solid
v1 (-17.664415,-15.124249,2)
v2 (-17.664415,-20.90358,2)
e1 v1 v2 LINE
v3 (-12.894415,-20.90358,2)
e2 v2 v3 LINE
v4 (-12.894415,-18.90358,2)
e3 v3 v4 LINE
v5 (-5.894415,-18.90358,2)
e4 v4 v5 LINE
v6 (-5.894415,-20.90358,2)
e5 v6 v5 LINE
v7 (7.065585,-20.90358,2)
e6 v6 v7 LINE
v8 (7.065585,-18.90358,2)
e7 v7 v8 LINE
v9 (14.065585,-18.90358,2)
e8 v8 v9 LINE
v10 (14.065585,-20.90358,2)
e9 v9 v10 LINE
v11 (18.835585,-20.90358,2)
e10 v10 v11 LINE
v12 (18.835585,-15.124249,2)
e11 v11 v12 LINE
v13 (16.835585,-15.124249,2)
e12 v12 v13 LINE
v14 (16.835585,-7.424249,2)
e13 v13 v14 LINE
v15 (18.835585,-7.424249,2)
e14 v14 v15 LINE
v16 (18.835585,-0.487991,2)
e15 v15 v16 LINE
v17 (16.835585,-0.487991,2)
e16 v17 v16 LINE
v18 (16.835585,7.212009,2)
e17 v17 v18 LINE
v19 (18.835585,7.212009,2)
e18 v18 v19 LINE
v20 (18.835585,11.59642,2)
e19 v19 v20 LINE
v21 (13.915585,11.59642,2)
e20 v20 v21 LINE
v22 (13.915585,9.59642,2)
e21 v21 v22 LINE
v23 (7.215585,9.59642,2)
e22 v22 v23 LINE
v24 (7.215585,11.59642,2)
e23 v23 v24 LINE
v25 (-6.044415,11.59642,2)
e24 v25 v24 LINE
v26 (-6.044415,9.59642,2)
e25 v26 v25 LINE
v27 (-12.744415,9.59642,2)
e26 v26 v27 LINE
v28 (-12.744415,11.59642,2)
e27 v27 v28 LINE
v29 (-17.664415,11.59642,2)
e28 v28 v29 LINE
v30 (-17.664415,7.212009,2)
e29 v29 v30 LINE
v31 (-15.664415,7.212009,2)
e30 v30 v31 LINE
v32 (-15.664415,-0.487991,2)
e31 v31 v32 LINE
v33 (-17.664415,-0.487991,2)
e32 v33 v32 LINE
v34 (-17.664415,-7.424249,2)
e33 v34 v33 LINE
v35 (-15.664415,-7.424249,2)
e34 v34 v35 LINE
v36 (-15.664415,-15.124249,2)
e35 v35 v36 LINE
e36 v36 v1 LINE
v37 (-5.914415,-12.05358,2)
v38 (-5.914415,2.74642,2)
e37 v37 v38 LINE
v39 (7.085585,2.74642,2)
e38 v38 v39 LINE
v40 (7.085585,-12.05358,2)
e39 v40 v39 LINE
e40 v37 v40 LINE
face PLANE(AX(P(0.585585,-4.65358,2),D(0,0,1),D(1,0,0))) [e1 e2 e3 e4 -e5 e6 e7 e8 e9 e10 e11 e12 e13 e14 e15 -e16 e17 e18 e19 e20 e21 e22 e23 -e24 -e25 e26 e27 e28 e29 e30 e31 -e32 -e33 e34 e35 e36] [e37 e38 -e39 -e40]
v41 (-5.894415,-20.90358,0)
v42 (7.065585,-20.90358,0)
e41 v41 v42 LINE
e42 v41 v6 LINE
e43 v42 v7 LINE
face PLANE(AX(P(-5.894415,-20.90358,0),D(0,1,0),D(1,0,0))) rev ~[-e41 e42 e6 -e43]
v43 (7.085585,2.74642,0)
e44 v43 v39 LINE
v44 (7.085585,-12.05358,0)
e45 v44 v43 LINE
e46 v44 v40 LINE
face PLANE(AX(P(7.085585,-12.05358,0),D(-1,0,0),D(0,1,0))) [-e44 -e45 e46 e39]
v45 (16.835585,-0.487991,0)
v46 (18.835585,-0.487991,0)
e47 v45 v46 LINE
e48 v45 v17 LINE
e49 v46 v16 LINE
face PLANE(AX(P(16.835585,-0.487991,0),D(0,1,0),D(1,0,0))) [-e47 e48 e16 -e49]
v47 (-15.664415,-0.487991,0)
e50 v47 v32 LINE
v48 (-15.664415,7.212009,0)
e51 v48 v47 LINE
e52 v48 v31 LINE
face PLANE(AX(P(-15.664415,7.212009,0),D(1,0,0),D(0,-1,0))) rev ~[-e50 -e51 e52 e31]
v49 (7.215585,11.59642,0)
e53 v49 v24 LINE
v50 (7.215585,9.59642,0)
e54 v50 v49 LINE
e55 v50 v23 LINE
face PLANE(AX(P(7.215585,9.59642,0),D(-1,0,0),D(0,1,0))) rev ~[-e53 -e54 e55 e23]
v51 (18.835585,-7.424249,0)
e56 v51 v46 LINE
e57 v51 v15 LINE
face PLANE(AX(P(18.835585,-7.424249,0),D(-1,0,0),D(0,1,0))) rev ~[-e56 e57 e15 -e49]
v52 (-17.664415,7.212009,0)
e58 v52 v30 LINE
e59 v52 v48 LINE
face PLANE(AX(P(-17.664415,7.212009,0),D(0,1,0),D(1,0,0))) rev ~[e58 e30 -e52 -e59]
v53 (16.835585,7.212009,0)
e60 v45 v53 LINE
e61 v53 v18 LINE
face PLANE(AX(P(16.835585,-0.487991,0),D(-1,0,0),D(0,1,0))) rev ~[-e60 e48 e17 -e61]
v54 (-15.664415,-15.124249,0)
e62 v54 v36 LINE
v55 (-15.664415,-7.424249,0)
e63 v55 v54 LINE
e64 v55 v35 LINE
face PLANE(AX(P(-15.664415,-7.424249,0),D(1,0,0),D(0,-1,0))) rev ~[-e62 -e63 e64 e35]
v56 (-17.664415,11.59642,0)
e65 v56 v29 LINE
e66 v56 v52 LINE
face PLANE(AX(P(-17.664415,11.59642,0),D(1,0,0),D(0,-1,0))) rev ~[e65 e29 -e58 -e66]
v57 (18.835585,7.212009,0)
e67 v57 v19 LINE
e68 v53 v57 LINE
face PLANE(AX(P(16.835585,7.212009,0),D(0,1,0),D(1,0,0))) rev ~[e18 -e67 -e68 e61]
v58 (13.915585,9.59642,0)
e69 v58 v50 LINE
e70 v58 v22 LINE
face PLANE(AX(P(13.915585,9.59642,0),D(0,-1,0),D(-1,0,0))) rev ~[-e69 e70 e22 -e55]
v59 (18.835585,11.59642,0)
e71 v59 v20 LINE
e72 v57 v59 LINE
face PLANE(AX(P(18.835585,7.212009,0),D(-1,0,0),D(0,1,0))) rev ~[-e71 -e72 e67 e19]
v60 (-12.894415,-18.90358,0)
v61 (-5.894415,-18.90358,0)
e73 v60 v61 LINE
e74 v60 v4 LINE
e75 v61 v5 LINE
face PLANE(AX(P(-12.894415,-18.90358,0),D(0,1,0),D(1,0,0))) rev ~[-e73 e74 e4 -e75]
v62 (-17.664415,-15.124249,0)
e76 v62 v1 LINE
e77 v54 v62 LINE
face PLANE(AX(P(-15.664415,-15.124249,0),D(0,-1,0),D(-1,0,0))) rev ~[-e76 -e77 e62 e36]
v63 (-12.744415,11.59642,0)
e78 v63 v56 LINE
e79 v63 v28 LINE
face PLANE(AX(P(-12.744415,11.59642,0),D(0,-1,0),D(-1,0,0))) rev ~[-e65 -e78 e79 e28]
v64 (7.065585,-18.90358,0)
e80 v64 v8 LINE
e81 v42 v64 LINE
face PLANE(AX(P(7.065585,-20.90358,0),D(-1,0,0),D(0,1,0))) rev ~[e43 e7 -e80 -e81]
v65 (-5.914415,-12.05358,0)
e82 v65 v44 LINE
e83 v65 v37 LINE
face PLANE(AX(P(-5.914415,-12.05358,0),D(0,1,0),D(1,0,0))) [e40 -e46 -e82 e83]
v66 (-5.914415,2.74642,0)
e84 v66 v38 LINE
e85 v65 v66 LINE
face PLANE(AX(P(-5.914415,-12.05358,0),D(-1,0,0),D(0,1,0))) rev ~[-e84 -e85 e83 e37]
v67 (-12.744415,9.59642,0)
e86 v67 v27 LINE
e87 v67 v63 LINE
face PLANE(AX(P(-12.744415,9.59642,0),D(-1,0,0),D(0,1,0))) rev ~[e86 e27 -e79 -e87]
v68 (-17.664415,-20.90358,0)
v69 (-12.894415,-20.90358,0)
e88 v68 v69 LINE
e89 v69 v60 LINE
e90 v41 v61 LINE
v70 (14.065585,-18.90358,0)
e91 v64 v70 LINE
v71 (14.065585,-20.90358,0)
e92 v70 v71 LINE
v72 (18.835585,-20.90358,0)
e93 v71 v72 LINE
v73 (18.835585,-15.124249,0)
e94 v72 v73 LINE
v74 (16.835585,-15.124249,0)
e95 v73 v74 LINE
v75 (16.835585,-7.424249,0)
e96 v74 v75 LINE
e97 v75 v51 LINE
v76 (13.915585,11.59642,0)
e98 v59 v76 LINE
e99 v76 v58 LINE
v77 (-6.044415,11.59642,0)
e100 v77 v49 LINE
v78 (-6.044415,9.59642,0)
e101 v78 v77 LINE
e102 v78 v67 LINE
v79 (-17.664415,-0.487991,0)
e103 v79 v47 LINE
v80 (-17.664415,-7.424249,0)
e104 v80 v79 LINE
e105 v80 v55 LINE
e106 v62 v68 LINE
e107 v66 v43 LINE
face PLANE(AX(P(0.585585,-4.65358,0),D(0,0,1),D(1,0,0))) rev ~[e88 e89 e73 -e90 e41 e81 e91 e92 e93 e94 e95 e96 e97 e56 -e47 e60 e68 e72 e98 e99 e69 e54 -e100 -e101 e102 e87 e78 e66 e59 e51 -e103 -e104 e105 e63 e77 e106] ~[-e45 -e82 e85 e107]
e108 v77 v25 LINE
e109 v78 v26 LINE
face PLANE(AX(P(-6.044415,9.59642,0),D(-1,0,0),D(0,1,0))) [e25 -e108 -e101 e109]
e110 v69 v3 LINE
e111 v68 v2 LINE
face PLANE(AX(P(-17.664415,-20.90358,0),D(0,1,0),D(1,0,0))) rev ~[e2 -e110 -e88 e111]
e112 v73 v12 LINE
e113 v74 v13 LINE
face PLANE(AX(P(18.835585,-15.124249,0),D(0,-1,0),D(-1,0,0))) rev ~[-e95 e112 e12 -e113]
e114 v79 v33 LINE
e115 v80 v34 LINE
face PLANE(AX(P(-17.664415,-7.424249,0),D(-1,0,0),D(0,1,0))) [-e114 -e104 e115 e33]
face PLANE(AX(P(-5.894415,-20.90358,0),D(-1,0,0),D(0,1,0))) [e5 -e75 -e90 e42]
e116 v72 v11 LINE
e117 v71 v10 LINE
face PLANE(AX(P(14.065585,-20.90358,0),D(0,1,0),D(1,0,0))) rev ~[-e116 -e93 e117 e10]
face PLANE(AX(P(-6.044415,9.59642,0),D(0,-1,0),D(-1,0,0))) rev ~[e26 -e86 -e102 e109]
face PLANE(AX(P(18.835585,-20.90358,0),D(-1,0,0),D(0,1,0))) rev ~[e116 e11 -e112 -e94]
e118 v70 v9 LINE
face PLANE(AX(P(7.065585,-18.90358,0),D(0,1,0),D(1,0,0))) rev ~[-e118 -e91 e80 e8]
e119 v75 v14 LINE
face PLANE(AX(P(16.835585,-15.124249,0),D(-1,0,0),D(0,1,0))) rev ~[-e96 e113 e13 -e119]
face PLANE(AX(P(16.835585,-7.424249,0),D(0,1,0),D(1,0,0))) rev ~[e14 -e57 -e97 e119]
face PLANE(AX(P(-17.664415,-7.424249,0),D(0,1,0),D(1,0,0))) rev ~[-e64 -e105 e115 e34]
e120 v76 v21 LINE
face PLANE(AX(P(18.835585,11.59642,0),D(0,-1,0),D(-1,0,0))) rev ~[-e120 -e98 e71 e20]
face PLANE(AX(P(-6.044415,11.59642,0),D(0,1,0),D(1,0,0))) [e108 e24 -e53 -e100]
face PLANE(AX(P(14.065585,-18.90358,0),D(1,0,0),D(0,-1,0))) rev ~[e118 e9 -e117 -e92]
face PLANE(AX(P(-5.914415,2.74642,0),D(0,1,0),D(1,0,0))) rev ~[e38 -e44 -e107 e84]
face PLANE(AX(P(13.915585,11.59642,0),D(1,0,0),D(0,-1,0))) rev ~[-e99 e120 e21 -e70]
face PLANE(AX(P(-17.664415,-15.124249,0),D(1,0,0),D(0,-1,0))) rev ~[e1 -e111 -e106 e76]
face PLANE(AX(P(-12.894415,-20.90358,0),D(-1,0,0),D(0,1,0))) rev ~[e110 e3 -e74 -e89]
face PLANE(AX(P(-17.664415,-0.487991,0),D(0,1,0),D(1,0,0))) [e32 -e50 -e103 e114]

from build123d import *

# Parameters (mm, degrees)
ESBO_O1_W                = 13
ESBO_O1_H                = 14.8
ESBO_O1_W_2              = 13.26
ESBO_O1_H_2              = 2
ESBO_O1_W_3              = 2
ESBO_O1_H_3              = 6.93625866
ESBO_O1_W_4              = 12.96
RESSALTO_EXTRUS_O1_DEPTH = 2


with BuildPart() as part:
    # Esboço1 → Ressalto-extrusão1 (new body)
    with BuildSketch(Plane.XY):
        Polygon((-12.744415021, 9.596420323), (-15.664415021, 9.596420323), (-15.664415021, 7.212009238), (-15.664415021, -0.487990763), (-15.664415021, -7.424249423), (-15.664415021, -15.124249427), (-15.664415021, -18.903579677), (-12.894415021, -18.903579677), (-5.894415021, -18.903579677), (7.065584979, -18.903579677), (14.065584979, -18.903579677), (16.835584979, -18.903579677), (16.835584979, -15.124249427), (16.835584979, -7.424249423), (16.835584979, -0.487990763), (16.835584979, 7.212009238), (16.835584979, 9.596420323), (13.915584979, 9.596420323), (7.215584979, 9.596420323), (-6.044415021, 9.596420323), align=None)
        with Locations((0.585584979, -4.653579677)):
            Rectangle(ESBO_O1_W, ESBO_O1_H, mode=Mode.SUBTRACT)
        Polygon((13.915584979, 11.596420323), (13.915584979, 9.596420323), (16.835584979, 9.596420323), (16.835584979, 7.212009238), (18.835584979, 7.212009238), (18.835584979, 11.596420323), align=None)
        with Locations((0.585584979, 10.596420323)):
            Rectangle(ESBO_O1_W_2, ESBO_O1_H_2)
        Polygon((-15.664415021, 7.212009238), (-15.664415021, 9.596420323), (-12.744415021, 9.596420323), (-12.744415021, 11.596420323), (-17.664415021, 11.596420323), (-17.664415021, 7.212009238), align=None)
        with Locations((-16.664415021, -3.956120093)):
            Rectangle(ESBO_O1_W_3, ESBO_O1_H_3)
        Polygon((-15.664415021, -18.903579677), (-15.664415021, -15.124249427), (-17.664415021, -15.124249427), (-17.664415021, -20.903579677), (-12.894415021, -20.903579677), (-12.894415021, -18.903579677), align=None)
        with Locations((0.585584979, -19.903579677)):
            Rectangle(ESBO_O1_W_4, ESBO_O1_H_2)
        Polygon((18.835584979, -15.124249427), (16.835584979, -15.124249427), (16.835584979, -18.903579677), (14.065584979, -18.903579677), (14.065584979, -20.903579677), (18.835584979, -20.903579677), align=None)
        with Locations((17.835584979, -3.956120093)):
            Rectangle(ESBO_O1_W_3, ESBO_O1_H_3)
    extrude(amount=RESSALTO_EXTRUS_O1_DEPTH)


solid = part.part
